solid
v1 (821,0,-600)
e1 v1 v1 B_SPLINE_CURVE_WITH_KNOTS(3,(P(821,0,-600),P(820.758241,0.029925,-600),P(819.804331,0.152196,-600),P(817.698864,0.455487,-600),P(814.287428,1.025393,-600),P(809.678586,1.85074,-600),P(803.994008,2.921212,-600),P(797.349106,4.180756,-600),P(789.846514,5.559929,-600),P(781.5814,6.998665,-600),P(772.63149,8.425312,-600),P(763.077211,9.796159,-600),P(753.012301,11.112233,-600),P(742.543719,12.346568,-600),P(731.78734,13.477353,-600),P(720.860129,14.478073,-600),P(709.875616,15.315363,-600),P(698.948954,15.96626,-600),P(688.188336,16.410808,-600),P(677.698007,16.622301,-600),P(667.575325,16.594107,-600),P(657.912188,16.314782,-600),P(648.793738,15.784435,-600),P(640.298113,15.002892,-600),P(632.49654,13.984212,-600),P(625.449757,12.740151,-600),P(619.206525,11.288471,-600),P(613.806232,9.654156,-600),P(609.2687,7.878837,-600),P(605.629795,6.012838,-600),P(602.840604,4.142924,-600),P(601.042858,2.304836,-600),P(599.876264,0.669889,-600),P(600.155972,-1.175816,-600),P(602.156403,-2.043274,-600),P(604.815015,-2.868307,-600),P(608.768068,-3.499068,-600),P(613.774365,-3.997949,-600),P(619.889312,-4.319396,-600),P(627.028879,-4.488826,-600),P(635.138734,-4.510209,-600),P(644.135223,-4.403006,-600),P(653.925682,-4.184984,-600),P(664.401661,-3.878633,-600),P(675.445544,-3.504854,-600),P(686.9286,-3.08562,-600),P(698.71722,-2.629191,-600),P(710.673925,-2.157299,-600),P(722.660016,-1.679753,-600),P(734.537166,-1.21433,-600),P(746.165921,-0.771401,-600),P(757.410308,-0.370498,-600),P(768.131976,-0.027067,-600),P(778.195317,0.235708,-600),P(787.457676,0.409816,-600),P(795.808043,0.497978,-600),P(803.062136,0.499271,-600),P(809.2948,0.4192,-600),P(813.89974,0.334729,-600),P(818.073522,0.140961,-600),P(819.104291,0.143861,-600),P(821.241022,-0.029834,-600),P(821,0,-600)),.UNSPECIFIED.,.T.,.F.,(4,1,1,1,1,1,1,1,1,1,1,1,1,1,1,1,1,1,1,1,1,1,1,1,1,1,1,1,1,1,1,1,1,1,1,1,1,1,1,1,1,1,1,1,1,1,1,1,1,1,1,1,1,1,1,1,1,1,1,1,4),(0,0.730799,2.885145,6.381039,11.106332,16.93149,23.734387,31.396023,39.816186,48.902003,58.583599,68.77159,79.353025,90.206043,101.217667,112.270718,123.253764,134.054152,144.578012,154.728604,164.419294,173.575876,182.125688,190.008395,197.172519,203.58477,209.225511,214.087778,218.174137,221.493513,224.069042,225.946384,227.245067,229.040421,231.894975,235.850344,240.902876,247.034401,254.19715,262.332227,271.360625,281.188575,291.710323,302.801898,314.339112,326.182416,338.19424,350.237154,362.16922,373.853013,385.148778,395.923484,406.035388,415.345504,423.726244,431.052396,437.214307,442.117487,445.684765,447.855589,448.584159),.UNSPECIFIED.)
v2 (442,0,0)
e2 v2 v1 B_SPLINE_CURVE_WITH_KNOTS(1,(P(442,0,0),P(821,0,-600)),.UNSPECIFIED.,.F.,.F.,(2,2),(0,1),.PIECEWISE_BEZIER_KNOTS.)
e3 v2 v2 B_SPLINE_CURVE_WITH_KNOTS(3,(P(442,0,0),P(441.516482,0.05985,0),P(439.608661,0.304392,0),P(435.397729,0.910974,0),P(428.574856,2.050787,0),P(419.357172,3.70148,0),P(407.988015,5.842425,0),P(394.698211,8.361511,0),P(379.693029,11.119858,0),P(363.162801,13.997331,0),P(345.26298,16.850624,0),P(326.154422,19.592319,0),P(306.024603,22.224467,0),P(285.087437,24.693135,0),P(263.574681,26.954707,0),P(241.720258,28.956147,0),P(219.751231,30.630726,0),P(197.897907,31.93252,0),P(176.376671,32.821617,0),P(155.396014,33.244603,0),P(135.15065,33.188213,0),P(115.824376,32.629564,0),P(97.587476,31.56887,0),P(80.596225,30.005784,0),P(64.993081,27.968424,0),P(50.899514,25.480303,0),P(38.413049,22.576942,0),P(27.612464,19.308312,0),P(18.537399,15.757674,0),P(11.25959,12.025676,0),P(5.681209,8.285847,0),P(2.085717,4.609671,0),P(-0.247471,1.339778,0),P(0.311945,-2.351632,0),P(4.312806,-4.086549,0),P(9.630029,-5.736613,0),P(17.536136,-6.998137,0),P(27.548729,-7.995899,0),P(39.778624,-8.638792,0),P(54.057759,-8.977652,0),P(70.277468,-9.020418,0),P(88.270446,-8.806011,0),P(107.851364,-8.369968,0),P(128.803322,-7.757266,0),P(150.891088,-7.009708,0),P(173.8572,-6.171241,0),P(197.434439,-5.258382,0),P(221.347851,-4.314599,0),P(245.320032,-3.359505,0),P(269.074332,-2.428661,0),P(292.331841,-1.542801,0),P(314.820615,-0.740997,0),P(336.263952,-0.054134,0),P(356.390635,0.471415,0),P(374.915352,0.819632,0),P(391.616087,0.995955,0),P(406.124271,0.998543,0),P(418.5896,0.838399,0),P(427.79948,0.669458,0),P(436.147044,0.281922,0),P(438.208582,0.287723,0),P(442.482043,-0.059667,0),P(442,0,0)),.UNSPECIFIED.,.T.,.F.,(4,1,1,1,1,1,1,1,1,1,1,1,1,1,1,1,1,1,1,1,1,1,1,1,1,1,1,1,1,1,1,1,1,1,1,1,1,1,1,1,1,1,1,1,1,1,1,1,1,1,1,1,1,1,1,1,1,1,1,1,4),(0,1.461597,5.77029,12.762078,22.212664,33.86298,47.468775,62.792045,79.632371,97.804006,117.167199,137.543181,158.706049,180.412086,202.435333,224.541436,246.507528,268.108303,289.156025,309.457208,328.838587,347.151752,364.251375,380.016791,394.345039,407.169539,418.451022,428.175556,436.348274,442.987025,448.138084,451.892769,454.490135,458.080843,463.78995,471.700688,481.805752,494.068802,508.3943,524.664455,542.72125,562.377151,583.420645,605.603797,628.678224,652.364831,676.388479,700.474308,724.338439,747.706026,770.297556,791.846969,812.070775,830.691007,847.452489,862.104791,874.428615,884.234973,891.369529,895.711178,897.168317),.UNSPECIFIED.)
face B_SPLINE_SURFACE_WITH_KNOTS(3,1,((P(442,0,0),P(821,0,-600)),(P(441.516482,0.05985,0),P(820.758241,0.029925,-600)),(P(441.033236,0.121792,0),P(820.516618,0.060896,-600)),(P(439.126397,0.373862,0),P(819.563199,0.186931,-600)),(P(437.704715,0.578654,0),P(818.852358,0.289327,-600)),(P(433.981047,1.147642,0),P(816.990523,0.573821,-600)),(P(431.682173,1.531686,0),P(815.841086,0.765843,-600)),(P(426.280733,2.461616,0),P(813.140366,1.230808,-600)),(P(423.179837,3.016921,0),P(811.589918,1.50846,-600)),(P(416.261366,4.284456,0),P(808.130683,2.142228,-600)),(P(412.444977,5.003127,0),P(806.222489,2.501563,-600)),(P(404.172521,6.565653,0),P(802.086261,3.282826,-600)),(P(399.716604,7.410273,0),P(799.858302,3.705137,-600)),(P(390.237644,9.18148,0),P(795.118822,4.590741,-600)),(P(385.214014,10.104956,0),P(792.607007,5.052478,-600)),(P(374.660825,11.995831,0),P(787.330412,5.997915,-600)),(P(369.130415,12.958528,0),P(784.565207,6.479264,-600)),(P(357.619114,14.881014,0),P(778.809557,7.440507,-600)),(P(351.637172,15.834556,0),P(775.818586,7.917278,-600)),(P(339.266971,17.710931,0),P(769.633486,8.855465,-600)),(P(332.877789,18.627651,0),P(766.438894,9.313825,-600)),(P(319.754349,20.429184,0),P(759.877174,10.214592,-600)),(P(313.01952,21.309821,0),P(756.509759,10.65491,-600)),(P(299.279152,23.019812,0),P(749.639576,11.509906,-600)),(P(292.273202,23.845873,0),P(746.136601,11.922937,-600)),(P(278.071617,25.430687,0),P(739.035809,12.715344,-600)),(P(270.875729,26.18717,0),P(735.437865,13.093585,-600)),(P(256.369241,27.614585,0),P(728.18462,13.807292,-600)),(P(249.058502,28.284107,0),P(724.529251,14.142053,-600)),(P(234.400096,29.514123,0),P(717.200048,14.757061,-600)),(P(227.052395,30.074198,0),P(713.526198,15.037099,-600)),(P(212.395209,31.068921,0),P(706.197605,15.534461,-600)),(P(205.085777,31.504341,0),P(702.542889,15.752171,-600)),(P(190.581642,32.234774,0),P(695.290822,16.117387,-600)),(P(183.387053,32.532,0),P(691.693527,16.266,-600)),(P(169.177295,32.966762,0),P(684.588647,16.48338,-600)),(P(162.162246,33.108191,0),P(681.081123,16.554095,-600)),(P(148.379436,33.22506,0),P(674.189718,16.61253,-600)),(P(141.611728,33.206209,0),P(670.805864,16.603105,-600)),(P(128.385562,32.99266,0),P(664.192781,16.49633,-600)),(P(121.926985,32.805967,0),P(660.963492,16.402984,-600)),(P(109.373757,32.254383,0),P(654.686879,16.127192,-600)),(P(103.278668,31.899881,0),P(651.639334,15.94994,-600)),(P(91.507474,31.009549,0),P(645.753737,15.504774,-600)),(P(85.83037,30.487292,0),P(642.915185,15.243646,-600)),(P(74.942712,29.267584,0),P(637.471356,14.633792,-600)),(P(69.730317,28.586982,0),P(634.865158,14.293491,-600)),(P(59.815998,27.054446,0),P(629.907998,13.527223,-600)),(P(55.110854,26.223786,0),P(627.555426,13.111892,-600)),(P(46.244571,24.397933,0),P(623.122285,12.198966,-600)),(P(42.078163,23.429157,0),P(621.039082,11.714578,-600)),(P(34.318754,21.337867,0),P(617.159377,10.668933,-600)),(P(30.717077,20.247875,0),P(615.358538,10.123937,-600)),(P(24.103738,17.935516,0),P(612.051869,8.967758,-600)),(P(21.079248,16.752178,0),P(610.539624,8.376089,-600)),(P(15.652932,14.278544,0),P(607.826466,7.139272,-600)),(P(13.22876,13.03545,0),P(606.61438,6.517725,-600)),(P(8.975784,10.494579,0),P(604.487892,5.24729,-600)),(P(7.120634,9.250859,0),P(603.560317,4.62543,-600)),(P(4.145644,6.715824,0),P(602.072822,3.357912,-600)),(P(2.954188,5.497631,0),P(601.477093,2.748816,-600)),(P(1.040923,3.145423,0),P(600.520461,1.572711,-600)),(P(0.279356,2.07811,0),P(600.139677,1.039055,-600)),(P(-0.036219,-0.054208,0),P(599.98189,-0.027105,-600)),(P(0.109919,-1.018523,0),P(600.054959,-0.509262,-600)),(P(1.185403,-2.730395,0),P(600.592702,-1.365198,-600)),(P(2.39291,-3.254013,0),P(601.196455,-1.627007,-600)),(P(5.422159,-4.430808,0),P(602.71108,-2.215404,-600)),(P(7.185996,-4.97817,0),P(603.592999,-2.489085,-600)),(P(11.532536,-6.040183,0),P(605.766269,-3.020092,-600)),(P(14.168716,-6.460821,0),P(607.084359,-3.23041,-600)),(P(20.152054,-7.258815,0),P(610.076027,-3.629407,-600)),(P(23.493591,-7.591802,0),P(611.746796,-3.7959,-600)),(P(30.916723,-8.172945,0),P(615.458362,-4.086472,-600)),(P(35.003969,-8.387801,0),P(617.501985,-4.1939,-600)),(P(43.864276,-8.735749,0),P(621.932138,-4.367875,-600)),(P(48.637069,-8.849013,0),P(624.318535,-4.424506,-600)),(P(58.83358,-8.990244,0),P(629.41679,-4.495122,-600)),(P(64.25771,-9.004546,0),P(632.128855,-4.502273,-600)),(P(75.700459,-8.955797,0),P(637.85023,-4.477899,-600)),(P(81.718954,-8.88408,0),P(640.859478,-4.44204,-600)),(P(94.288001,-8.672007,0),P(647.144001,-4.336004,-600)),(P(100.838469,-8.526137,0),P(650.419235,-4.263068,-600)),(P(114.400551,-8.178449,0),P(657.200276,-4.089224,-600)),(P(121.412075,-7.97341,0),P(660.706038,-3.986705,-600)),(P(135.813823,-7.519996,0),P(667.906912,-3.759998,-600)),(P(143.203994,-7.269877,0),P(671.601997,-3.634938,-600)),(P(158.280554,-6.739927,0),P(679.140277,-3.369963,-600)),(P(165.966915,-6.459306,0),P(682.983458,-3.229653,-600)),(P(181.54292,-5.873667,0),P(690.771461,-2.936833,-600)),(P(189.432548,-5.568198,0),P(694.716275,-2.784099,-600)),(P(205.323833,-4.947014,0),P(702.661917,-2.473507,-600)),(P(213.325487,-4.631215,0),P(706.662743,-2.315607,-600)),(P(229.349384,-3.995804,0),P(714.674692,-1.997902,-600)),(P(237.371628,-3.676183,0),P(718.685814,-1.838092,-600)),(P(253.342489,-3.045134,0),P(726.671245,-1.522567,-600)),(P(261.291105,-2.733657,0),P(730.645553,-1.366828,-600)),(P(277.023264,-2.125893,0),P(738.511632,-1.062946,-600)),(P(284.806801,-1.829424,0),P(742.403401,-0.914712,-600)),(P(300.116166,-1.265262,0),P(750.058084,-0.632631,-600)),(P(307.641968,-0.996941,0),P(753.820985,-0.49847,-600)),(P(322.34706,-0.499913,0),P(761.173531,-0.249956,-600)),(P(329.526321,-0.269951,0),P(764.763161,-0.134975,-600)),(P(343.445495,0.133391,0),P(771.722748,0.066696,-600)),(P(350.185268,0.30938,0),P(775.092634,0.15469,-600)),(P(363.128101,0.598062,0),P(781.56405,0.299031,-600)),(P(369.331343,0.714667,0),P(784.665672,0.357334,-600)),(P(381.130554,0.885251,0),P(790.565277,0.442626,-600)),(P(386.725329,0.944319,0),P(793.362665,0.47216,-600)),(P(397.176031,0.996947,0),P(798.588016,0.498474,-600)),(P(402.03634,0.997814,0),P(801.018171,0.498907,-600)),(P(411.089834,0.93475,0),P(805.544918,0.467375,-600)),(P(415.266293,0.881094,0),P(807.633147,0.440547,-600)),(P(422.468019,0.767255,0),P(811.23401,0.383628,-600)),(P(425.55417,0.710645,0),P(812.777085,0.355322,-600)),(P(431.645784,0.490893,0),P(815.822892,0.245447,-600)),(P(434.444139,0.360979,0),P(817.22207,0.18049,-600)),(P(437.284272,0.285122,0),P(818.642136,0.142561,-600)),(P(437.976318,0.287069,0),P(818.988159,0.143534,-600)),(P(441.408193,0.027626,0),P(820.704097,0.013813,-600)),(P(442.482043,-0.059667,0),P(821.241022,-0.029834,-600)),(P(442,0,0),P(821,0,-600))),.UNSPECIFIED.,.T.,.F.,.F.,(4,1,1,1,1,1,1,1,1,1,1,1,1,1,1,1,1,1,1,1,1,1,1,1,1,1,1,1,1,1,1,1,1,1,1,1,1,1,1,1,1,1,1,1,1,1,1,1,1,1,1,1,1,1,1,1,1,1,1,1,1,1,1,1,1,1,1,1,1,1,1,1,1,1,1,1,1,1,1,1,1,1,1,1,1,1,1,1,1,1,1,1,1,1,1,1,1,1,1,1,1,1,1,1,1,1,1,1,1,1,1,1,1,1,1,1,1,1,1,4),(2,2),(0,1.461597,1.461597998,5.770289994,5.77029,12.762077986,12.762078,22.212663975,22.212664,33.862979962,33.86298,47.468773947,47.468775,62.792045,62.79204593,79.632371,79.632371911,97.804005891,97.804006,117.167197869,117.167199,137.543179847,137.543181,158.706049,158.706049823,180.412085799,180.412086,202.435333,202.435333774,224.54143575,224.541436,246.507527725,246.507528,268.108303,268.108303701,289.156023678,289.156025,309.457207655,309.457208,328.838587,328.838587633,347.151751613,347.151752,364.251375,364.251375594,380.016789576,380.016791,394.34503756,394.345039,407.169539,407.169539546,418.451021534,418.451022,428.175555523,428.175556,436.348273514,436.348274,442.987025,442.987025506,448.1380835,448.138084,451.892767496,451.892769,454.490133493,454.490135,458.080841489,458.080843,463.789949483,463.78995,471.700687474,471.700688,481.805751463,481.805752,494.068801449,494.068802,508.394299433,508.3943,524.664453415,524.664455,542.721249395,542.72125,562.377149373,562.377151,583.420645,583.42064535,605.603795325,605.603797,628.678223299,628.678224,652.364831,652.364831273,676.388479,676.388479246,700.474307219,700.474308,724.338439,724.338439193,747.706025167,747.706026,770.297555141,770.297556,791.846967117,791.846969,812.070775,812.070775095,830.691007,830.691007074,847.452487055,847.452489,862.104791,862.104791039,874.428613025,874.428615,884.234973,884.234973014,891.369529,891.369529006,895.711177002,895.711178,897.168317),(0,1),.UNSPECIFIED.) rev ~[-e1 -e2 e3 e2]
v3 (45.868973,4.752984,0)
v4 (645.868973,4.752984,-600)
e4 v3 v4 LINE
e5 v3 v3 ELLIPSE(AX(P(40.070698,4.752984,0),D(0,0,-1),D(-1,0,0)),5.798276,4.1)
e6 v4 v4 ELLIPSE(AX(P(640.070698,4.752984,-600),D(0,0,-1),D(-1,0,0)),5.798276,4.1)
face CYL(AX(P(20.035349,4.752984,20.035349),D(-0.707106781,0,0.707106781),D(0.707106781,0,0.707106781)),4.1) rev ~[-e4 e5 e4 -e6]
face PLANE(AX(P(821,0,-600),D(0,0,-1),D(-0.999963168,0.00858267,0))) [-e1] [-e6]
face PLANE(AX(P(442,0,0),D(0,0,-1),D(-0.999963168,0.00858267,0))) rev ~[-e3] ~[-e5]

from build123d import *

# Parameters (mm, degrees)
SKETCH002_R  = 4.1
POCKET_DEPTH = 1000


with BuildPart() as part:
    # Sketch001 → AdditiveLoft section 0
    with BuildSketch(Plane.XY):
        with BuildLine():
            add(Edge.make_bspline(
                [(442, 0), (441.516482, 0.05985), (439.608661, 0.304392), (435.397729, 0.910974), (428.574856, 2.050787), (419.357172, 3.70148), (407.988015, 5.842425), (394.698211, 8.361511), (379.693029, 11.119858), (363.162801, 13.997331), (345.26298, 16.850624), (326.154422, 19.592319), (306.024603, 22.224467), (285.087437, 24.693135), (263.574681, 26.954707), (241.720258, 28.956147), (219.751231, 30.630726), (197.897907, 31.93252), (176.376671, 32.821617), (155.396014, 33.244603), (135.15065, 33.188213), (115.824376, 32.629564), (97.587476, 31.56887), (80.596225, 30.005784), (64.993081, 27.968424), (50.899514, 25.480303), (38.413049, 22.576942), (27.612464, 19.308312), (18.537399, 15.757674), (11.25959, 12.025676), (5.681209, 8.285847), (2.085717, 4.609671), (-0.247471, 1.339778), (0.311945, -2.351632), (4.312806, -4.086549), (9.630029, -5.736613), (17.536136, -6.998137), (27.548729, -7.995899), (39.778624, -8.638792), (54.057759, -8.977652), (70.277468, -9.020418), (88.270446, -8.806011), (107.851364, -8.369968), (128.803322, -7.757266), (150.891088, -7.009708), (173.8572, -6.171241), (197.434439, -5.258382), (221.347851, -4.314599), (245.320032, -3.359505), (269.074332, -2.428661), (292.331841, -1.542801), (314.820615, -0.740997), (336.263952, -0.054134), (356.390635, 0.471415), (374.915352, 0.819632), (391.616087, 0.995955), (406.124271, 0.998543), (418.5896, 0.838399), (427.79948, 0.669458), (436.147044, 0.281922), (438.208582, 0.287723), (442.482043, -0.059667), (442, 0)],
                knots=[0, 0, 0, 0, 1.461597, 5.77029, 12.762078, 22.212664, 33.86298, 47.468775, 62.792045, 79.632371, 97.804006, 117.167199, 137.543181, 158.706049, 180.412086, 202.435333, 224.541436, 246.507528, 268.108303, 289.156025, 309.457208, 328.838587, 347.151752, 364.251375, 380.016791, 394.345039, 407.169539, 418.451022, 428.175556, 436.348274, 442.987025, 448.138084, 451.892769, 454.490135, 458.080843, 463.78995, 471.700688, 481.805752, 494.068802, 508.3943, 524.664455, 542.72125, 562.377151, 583.420645, 605.603797, 628.678224, 652.364831, 676.388479, 700.474308, 724.338439, 747.706026, 770.297556, 791.846969, 812.070775, 830.691007, 847.452489, 862.104791, 874.428615, 884.234973, 891.369529, 895.711178, 897.168317, 897.168317, 897.168317, 897.168317], degree=3))
        make_face()
    # Sketch → AdditiveLoft section 1
    with BuildSketch(Plane(origin=(600, 0, -600), x_dir=(1, 0, 0), z_dir=(0, 0, 1))):
        with BuildLine():
            add(Edge.make_bspline(
                [(221, 0), (220.758241, 0.029925), (219.804331, 0.152196), (217.698864, 0.455487), (214.287428, 1.025393), (209.678586, 1.85074), (203.994008, 2.921212), (197.349106, 4.180756), (189.846514, 5.559929), (181.5814, 6.998665), (172.63149, 8.425312), (163.077211, 9.796159), (153.012301, 11.112233), (142.543719, 12.346568), (131.78734, 13.477353), (120.860129, 14.478073), (109.875616, 15.315363), (98.948954, 15.96626), (88.188336, 16.410808), (77.698007, 16.622301), (67.575325, 16.594107), (57.912188, 16.314782), (48.793738, 15.784435), (40.298113, 15.002892), (32.49654, 13.984212), (25.449757, 12.740151), (19.206525, 11.288471), (13.806232, 9.654156), (9.2687, 7.878837), (5.629795, 6.012838), (2.840604, 4.142924), (1.042858, 2.304836), (-0.123736, 0.669889), (0.155972, -1.175816), (2.156403, -2.043274), (4.815015, -2.868307), (8.768068, -3.499068), (13.774365, -3.997949), (19.889312, -4.319396), (27.028879, -4.488826), (35.138734, -4.510209), (44.135223, -4.403006), (53.925682, -4.184984), (64.401661, -3.878633), (75.445544, -3.504854), (86.9286, -3.08562), (98.71722, -2.629191), (110.673925, -2.157299), (122.660016, -1.679753), (134.537166, -1.21433), (146.165921, -0.771401), (157.410308, -0.370498), (168.131976, -0.027067), (178.195317, 0.235708), (187.457676, 0.409816), (195.808043, 0.497978), (203.062136, 0.499271), (209.2948, 0.4192), (213.89974, 0.334729), (218.073522, 0.140961), (219.104291, 0.143861), (221.241022, -0.029834), (221, 0)],
                knots=[0, 0, 0, 0, 0.730799, 2.885145, 6.381039, 11.106332, 16.93149, 23.734387, 31.396023, 39.816186, 48.902003, 58.583599, 68.77159, 79.353025, 90.206043, 101.217667, 112.270718, 123.253764, 134.054152, 144.578012, 154.728604, 164.419294, 173.575876, 182.125688, 190.008395, 197.172519, 203.58477, 209.225511, 214.087778, 218.174137, 221.493513, 224.069042, 225.946384, 227.245067, 229.040421, 231.894975, 235.850344, 240.902876, 247.034401, 254.19715, 262.332227, 271.360625, 281.188575, 291.710323, 302.801898, 314.339112, 326.182416, 338.19424, 350.237154, 362.16922, 373.853013, 385.148778, 395.923484, 406.035388, 415.345504, 423.726244, 431.052396, 437.214307, 442.117487, 445.684765, 447.855589, 448.584159, 448.584159, 448.584159, 448.584159], degree=3))
        make_face()
    loft()

    # Sketch002 (on DatumPlane) → Pocket (cut)
    with BuildSketch(Plane(origin=(0, 0, 0), x_dir=(0.707107, 0, 0.707107), z_dir=(-0.707107, 0, 0.707107))):
        with Locations((28.334262, 4.752984)):
            Circle(SKETCH002_R)
    extrude(amount=-POCKET_DEPTH, mode=Mode.SUBTRACT)


solid = part.part
